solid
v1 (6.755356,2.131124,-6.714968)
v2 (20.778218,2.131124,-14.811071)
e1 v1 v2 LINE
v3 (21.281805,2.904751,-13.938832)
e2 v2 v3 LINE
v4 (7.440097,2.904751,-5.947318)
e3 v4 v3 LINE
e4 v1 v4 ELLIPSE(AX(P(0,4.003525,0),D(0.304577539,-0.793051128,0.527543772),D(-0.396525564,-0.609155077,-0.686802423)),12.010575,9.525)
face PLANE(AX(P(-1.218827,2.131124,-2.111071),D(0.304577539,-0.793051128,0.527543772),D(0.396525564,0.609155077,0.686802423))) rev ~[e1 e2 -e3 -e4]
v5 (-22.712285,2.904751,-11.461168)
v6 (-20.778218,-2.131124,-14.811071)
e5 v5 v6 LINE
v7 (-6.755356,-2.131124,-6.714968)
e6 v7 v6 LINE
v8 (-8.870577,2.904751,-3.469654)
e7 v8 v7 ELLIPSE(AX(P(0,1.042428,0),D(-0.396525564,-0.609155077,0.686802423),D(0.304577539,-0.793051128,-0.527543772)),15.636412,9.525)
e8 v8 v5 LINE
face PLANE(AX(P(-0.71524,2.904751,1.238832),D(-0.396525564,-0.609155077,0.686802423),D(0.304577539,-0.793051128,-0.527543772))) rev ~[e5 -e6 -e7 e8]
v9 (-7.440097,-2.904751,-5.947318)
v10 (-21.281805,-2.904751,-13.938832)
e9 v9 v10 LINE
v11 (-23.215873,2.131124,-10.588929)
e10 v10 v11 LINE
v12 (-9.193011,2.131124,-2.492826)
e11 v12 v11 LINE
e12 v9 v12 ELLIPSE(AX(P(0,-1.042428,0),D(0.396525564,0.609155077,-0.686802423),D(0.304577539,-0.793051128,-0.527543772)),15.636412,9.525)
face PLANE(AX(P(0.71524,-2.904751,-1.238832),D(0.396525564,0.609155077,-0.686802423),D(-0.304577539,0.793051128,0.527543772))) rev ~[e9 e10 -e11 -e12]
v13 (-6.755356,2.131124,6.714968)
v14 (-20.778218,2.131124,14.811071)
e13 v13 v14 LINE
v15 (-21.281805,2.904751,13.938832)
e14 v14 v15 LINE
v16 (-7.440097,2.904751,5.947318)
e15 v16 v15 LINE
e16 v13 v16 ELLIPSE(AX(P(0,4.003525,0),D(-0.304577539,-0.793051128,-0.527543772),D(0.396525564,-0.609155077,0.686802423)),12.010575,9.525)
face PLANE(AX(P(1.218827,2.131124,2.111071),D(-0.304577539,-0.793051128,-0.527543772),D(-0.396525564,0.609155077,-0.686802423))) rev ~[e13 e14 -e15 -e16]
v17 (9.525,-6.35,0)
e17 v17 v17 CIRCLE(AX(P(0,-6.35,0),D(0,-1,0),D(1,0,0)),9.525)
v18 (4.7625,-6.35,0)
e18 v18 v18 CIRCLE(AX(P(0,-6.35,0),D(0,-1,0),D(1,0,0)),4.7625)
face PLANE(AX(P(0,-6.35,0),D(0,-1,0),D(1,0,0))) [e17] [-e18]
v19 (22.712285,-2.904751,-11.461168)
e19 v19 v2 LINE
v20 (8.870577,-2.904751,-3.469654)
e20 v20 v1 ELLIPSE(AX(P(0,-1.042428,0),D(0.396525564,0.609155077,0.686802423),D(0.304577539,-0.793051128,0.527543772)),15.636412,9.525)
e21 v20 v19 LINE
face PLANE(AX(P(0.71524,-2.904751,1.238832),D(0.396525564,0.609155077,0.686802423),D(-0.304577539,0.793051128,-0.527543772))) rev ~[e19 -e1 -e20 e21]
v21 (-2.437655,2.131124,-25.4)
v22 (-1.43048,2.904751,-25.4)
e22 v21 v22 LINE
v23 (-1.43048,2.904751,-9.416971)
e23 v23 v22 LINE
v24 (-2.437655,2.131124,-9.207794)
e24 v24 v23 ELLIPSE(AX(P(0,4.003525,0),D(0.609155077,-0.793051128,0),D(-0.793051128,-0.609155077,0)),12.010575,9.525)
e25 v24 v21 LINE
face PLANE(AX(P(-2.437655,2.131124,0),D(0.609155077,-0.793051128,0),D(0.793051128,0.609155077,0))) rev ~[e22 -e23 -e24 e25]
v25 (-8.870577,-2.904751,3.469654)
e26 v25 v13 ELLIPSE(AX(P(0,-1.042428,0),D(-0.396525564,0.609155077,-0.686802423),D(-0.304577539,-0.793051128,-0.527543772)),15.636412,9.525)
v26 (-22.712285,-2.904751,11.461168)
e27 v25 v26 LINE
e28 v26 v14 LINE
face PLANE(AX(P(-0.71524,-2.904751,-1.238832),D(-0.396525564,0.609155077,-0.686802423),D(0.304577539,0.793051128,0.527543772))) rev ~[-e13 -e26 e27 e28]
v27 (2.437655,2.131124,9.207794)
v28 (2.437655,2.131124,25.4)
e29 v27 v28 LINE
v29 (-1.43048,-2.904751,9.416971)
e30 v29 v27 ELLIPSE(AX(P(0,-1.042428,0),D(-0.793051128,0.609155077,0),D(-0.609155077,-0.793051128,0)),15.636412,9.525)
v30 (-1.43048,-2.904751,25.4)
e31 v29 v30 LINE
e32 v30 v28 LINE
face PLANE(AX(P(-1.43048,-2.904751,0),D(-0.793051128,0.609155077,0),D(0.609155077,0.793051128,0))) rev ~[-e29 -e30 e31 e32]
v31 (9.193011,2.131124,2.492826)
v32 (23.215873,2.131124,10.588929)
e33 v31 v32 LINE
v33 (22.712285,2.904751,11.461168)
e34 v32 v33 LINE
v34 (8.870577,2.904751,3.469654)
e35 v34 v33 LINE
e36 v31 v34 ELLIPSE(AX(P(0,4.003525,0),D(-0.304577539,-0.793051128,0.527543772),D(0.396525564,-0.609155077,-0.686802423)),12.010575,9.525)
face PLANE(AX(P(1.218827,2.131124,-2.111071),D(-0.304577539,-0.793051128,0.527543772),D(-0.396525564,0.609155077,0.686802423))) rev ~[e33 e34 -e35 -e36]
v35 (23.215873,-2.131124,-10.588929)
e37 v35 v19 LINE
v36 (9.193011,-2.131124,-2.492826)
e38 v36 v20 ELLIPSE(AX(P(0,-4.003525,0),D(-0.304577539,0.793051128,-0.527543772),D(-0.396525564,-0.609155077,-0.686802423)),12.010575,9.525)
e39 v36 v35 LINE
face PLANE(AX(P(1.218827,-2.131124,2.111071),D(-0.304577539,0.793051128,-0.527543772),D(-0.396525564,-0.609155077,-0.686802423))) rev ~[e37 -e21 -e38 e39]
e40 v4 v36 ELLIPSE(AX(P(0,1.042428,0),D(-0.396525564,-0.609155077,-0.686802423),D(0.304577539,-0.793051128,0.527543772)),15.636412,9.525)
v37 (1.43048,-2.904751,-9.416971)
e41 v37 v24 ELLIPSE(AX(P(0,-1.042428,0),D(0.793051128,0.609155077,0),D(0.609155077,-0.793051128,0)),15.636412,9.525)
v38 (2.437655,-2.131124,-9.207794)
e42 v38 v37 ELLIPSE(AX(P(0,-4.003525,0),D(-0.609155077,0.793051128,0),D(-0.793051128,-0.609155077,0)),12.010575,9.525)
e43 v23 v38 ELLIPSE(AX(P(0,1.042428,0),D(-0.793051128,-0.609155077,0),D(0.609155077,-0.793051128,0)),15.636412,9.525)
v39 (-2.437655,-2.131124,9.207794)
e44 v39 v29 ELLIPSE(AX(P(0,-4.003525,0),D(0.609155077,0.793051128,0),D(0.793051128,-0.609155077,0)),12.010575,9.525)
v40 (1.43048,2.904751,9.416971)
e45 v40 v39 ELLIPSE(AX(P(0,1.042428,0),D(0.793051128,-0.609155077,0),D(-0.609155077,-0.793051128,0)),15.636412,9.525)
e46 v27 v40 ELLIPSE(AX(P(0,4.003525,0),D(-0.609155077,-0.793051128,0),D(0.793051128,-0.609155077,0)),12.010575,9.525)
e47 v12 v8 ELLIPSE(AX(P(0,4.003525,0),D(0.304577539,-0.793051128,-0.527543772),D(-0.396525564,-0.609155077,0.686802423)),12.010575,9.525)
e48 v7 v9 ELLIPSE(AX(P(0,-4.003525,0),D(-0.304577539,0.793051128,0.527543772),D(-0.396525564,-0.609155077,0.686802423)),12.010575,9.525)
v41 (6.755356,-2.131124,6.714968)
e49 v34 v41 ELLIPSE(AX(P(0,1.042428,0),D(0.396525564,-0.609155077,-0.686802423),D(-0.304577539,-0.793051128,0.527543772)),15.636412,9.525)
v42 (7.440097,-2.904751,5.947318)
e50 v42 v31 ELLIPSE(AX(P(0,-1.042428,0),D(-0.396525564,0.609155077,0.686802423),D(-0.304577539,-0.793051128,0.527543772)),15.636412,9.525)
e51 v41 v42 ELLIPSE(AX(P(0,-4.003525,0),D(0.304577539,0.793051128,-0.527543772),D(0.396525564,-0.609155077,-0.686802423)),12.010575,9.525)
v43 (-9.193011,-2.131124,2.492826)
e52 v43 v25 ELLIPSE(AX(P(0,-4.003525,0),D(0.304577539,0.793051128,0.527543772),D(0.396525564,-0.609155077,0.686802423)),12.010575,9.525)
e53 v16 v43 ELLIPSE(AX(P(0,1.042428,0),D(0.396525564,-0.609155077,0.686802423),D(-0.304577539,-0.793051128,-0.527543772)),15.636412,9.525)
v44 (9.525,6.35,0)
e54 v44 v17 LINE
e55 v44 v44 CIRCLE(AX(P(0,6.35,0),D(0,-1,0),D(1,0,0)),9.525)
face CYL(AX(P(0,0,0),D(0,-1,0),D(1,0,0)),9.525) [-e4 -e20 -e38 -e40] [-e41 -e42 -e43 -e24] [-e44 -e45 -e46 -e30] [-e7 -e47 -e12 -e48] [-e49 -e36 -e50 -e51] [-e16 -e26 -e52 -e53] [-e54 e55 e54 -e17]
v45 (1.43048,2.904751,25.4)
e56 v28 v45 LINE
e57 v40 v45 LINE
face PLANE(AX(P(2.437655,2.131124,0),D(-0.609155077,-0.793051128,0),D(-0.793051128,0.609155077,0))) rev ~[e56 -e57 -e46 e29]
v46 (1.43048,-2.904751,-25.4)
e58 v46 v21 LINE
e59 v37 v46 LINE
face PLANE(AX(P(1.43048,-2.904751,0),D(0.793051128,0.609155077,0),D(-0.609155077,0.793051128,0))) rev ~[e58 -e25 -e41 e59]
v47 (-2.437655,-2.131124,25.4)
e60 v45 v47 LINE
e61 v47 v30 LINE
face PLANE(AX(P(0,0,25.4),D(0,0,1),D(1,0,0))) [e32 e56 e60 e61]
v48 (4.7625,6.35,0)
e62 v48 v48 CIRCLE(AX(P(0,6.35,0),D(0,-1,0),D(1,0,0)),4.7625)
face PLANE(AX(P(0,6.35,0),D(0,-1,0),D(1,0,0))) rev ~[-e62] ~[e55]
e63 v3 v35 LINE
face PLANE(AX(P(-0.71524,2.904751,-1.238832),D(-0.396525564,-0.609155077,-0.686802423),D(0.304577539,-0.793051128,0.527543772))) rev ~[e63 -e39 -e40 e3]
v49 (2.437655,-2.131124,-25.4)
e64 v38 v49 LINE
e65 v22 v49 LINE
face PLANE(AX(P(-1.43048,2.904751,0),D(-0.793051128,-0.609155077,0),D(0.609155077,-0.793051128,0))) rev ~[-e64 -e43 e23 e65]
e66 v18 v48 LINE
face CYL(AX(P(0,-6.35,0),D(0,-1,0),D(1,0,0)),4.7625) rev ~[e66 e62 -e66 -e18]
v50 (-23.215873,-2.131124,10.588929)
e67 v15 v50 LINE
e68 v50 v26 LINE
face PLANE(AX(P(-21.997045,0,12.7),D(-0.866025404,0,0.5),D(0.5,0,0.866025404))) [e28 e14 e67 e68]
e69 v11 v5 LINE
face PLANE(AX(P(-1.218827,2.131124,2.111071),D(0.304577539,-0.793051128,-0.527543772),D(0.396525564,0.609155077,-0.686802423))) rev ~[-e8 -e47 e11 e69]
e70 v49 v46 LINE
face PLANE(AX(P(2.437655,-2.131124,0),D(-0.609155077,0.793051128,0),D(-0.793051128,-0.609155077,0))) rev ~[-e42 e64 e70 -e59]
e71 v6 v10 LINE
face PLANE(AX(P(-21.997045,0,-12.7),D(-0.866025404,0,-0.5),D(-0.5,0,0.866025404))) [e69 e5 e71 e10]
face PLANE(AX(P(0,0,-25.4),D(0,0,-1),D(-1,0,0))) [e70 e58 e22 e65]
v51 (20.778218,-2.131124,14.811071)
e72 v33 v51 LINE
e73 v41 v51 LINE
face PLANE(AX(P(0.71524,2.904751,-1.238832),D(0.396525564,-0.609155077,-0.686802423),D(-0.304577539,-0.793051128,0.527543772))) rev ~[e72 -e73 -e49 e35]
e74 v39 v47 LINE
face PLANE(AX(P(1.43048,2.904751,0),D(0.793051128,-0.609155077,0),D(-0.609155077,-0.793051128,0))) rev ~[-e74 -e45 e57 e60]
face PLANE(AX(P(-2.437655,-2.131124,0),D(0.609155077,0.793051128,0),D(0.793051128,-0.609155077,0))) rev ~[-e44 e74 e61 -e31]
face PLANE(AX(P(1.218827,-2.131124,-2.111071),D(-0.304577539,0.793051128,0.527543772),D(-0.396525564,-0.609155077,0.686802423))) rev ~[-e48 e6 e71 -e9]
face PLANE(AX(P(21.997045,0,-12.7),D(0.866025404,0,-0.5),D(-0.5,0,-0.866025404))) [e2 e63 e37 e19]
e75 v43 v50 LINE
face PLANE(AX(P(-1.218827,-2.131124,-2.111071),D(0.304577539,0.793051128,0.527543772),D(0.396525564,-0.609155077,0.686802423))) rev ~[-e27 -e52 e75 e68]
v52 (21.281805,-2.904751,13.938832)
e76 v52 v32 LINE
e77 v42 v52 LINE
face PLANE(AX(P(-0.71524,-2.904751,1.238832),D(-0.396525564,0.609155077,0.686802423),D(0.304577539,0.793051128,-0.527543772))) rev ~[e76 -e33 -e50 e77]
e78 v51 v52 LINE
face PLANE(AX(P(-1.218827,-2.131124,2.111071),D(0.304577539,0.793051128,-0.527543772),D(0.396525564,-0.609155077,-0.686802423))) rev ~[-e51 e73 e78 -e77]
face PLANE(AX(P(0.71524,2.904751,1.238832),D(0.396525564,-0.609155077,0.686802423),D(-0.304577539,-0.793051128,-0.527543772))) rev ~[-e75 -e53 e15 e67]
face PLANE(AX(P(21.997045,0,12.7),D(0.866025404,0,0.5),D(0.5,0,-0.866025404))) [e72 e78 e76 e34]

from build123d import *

# Parameters (mm, degrees)
F1_DEPTH = 25.4
F3_COUNT = 6
F4_R     = 9.525
F5_DEPTH = 6.35
F6_R     = 4.7625
F7_DEPTH = 12.7


with BuildPart() as f1:
    # F0 (on Top) → F1 (new body)
    with BuildSketch(Plane.XY):
        Polygon((2.437655, 2.131124), (1.43048, 2.904751), (-2.437655, -2.131124), (-1.43048, -2.904751), align=None)
    extrude(amount=F1_DEPTH)



with BuildPart() as f3_1:
    # F3: instance of F1
    add(f1.part.rotate(Axis((0, 19.05, 0), (0, 1, 0)), 1 * 360 / F3_COUNT))


with BuildPart() as f3_2:
    # F3: instance of F1
    add(f1.part.rotate(Axis((0, 19.05, 0), (0, 1, 0)), 2 * 360 / F3_COUNT))


with BuildPart() as f3_3:
    # F3: instance of F1
    add(f1.part.rotate(Axis((0, 19.05, 0), (0, 1, 0)), 3 * 360 / F3_COUNT))


with BuildPart() as f3_4:
    # F3: instance of F1
    add(f1.part.rotate(Axis((0, 19.05, 0), (0, 1, 0)), 4 * 360 / F3_COUNT))


with BuildPart() as f3_5:
    # F3: instance of F1
    add(f1.part.rotate(Axis((0, 19.05, 0), (0, 1, 0)), 5 * 360 / F3_COUNT))


with BuildPart() as f1_1:
    add(f1.part)

    add(f3_1.part)  # F5 merges F3_1

    add(f3_2.part)  # F5 merges F3_2

    add(f3_3.part)  # F5 merges F3_3

    add(f3_4.part)  # F5 merges F3_4

    add(f3_5.part)  # F5 merges F3_5
    # F4 (on Front) → F5 (join, symmetric)
    with BuildSketch(Plane.XZ):
        Circle(F4_R)
    extrude(amount=F5_DEPTH, both=True)

    # F6 (on face) → F7 (cut)
    with BuildSketch(Plane.XZ.offset(6.35)):
        Circle(F6_R)
    extrude(amount=-F7_DEPTH, mode=Mode.SUBTRACT)


solid = f1_1.part
